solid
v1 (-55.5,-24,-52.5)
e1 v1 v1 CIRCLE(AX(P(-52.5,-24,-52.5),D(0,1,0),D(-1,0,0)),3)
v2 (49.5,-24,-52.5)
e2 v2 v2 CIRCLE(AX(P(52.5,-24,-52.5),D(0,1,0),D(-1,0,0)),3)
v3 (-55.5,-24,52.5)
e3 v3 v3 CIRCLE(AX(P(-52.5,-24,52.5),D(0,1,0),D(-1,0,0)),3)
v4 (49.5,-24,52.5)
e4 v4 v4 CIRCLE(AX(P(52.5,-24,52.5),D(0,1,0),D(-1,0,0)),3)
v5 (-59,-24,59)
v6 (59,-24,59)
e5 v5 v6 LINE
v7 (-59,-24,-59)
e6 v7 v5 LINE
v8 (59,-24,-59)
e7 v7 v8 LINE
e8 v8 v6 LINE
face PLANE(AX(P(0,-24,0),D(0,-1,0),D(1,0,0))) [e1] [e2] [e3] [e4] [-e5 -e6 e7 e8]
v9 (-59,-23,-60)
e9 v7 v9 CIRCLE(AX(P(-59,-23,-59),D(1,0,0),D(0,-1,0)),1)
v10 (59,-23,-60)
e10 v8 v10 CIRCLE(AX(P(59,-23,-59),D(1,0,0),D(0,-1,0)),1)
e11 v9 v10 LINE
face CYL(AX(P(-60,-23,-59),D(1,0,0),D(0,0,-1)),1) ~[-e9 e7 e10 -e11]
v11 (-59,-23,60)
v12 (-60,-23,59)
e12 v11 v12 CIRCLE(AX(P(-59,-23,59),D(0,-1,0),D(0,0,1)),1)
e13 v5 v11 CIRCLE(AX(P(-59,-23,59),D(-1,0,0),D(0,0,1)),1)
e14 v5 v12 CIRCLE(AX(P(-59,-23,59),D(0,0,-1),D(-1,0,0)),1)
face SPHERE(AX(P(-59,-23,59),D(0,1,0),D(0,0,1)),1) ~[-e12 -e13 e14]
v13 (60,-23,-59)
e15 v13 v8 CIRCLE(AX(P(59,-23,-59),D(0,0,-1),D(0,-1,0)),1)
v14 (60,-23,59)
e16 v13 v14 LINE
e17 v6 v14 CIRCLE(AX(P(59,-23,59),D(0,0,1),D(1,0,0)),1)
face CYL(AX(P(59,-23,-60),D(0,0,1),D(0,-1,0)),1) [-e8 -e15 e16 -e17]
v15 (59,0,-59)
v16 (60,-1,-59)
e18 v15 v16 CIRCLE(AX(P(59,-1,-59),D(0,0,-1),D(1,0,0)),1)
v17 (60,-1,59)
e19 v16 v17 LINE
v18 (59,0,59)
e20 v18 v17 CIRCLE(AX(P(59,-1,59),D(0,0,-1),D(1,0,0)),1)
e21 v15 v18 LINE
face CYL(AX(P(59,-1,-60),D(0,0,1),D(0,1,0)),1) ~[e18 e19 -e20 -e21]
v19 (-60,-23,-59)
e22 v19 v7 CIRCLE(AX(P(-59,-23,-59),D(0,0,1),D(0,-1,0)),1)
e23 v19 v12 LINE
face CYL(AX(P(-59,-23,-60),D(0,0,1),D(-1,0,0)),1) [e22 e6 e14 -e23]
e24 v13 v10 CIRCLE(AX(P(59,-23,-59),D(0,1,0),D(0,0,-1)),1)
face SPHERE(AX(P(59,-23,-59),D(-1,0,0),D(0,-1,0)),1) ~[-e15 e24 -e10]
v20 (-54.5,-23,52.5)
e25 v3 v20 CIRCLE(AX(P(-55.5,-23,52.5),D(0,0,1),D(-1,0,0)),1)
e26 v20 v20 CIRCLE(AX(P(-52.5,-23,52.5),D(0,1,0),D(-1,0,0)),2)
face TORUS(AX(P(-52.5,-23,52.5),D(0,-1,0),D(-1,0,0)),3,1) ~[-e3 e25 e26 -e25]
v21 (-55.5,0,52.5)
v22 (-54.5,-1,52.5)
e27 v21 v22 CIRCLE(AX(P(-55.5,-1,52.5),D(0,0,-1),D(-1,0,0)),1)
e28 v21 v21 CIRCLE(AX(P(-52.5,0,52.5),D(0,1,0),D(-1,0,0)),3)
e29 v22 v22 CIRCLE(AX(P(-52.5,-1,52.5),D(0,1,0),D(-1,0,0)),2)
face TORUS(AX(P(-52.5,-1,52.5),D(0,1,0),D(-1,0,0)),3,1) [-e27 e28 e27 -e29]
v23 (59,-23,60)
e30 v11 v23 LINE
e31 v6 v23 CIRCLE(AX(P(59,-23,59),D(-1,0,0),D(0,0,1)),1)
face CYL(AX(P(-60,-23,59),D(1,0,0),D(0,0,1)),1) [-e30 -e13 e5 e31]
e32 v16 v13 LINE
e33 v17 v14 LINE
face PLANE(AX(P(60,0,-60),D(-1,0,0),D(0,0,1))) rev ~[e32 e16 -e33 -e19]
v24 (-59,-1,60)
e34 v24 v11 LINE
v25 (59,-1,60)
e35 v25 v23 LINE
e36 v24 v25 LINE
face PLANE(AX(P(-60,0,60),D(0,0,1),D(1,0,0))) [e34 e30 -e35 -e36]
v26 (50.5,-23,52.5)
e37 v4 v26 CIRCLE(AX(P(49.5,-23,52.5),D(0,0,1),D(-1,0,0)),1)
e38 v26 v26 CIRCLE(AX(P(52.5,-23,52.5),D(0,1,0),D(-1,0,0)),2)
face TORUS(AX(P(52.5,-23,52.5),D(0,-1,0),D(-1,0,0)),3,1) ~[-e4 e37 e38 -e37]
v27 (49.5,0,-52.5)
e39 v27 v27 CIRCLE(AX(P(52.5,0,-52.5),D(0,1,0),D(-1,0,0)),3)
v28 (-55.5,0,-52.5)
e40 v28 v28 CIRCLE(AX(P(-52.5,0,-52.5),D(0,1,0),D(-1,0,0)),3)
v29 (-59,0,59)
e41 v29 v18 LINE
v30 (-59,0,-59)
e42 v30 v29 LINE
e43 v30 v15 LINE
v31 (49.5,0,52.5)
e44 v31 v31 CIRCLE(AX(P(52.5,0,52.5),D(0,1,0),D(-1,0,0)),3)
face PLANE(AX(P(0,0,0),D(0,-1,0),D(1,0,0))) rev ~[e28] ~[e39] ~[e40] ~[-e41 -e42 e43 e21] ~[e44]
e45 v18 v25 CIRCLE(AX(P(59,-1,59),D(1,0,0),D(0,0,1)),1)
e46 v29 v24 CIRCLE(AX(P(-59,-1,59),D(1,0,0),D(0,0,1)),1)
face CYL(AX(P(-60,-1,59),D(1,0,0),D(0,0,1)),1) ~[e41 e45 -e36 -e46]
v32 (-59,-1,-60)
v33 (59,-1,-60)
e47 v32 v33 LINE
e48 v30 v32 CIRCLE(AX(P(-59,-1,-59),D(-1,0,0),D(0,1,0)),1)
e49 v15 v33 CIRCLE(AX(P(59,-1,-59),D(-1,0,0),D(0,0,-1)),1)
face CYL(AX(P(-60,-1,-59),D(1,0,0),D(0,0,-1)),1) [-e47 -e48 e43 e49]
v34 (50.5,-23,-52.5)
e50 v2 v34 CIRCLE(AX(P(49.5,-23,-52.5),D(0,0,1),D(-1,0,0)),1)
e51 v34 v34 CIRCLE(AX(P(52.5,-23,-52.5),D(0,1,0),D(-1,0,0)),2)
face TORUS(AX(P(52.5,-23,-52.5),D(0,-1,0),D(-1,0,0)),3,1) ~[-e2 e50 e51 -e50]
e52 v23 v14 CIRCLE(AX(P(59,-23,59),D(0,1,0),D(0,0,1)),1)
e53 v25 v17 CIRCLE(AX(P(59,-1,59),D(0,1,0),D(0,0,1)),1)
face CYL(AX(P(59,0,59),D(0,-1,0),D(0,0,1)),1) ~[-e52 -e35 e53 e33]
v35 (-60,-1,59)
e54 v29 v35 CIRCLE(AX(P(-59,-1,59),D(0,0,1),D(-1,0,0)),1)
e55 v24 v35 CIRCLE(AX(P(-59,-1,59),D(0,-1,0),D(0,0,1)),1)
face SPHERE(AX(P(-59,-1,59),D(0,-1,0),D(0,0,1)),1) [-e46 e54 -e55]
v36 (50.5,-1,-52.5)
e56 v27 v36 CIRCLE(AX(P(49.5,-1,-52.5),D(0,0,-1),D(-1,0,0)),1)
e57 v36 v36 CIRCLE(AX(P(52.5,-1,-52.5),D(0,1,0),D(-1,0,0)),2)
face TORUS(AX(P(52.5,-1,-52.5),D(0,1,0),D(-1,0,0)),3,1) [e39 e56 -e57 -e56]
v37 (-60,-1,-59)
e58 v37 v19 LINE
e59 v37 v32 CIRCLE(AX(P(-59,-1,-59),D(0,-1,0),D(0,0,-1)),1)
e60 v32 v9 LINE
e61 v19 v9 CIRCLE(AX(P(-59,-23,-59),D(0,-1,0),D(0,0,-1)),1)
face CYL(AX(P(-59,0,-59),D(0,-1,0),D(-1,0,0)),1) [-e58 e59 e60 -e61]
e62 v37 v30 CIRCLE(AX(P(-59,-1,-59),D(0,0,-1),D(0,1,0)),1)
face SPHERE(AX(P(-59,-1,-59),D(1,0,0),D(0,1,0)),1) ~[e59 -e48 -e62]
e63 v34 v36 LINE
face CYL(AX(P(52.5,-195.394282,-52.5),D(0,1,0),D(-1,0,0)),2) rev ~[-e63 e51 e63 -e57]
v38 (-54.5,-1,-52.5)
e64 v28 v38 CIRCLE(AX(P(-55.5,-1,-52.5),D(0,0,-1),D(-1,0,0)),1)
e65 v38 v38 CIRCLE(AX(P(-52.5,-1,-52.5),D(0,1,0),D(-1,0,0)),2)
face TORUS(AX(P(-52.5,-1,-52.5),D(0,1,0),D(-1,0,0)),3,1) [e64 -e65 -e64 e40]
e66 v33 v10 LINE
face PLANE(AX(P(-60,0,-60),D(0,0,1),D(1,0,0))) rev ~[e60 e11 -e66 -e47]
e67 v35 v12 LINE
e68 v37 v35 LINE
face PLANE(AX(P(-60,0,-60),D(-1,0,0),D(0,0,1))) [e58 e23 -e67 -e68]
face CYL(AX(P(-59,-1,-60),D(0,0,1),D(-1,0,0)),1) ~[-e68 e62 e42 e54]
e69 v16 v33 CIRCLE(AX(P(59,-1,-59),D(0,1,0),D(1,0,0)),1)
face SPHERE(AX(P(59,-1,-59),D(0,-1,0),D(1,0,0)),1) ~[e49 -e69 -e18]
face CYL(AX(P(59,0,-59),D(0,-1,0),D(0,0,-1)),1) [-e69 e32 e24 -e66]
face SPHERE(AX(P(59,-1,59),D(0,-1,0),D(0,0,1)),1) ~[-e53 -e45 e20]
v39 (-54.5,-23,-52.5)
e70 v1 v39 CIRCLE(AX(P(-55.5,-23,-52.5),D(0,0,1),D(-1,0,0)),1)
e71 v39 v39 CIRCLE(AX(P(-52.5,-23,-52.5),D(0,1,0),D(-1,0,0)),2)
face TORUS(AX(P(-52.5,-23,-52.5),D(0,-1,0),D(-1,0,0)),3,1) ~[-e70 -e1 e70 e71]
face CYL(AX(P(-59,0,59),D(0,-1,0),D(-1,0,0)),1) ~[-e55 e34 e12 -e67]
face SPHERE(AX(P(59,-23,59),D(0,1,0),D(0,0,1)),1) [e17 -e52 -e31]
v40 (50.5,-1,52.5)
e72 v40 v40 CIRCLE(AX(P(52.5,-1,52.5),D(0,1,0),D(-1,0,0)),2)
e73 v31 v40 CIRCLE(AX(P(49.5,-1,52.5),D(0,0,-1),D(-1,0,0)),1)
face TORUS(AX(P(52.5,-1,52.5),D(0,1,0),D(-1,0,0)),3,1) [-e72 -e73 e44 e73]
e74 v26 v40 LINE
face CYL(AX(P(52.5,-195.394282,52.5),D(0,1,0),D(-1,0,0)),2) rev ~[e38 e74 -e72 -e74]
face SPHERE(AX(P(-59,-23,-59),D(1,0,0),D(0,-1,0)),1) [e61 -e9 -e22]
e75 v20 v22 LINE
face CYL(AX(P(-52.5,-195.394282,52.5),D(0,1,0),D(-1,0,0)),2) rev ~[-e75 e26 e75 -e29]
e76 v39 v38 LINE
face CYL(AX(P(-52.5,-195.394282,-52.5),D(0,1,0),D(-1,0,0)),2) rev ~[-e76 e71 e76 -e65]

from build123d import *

# Parameters (mm, degrees)
F0_W     = 120
F0_H     = 120
F1_DEPTH = 24
F3_D     = 4
F4_R     = 1


with BuildPart() as f1:
    # F0 (on Front) → F1 (new body)
    with BuildSketch(Plane.XZ):
        Rectangle(F0_W, F0_H)
    extrude(amount=F1_DEPTH)

    # F3 (through all)
    with Locations(Plane.XZ.offset(24)):
        with Locations((-52.5, 52.5), (52.5, 52.5), (52.5, -52.5), (-52.5, -52.5)):
            Hole(F3_D / 2)

    # F4
    f4_edges = [f1.edges().sort_by_distance(p)[0] for p in [
        (60, -12, 60),
        (-60, -12, 60),
        (0, 0, 60),
        (0, -24, 60),
        (0, -24, -60),
        (-60, -24, 0),
        (60, -24, 0),
        (-54.5, -24, -52.5),
        (50.5, -24, -52.5),
        (-54.5, -24, 52.5),
        (50.5, -24, 52.5),
        (60, -12, -60),
        (60, 0, 0),
        (0, 0, -60),
        (-60, 0, 0),
        (-54.5, 0, -52.5),
        (50.5, 0, -52.5),
        (-54.5, 0, 52.5),
        (50.5, 0, 52.5),
        (-60, -12, -60),
    ]]
    fillet(f4_edges, radius=F4_R)


solid = f1.part
